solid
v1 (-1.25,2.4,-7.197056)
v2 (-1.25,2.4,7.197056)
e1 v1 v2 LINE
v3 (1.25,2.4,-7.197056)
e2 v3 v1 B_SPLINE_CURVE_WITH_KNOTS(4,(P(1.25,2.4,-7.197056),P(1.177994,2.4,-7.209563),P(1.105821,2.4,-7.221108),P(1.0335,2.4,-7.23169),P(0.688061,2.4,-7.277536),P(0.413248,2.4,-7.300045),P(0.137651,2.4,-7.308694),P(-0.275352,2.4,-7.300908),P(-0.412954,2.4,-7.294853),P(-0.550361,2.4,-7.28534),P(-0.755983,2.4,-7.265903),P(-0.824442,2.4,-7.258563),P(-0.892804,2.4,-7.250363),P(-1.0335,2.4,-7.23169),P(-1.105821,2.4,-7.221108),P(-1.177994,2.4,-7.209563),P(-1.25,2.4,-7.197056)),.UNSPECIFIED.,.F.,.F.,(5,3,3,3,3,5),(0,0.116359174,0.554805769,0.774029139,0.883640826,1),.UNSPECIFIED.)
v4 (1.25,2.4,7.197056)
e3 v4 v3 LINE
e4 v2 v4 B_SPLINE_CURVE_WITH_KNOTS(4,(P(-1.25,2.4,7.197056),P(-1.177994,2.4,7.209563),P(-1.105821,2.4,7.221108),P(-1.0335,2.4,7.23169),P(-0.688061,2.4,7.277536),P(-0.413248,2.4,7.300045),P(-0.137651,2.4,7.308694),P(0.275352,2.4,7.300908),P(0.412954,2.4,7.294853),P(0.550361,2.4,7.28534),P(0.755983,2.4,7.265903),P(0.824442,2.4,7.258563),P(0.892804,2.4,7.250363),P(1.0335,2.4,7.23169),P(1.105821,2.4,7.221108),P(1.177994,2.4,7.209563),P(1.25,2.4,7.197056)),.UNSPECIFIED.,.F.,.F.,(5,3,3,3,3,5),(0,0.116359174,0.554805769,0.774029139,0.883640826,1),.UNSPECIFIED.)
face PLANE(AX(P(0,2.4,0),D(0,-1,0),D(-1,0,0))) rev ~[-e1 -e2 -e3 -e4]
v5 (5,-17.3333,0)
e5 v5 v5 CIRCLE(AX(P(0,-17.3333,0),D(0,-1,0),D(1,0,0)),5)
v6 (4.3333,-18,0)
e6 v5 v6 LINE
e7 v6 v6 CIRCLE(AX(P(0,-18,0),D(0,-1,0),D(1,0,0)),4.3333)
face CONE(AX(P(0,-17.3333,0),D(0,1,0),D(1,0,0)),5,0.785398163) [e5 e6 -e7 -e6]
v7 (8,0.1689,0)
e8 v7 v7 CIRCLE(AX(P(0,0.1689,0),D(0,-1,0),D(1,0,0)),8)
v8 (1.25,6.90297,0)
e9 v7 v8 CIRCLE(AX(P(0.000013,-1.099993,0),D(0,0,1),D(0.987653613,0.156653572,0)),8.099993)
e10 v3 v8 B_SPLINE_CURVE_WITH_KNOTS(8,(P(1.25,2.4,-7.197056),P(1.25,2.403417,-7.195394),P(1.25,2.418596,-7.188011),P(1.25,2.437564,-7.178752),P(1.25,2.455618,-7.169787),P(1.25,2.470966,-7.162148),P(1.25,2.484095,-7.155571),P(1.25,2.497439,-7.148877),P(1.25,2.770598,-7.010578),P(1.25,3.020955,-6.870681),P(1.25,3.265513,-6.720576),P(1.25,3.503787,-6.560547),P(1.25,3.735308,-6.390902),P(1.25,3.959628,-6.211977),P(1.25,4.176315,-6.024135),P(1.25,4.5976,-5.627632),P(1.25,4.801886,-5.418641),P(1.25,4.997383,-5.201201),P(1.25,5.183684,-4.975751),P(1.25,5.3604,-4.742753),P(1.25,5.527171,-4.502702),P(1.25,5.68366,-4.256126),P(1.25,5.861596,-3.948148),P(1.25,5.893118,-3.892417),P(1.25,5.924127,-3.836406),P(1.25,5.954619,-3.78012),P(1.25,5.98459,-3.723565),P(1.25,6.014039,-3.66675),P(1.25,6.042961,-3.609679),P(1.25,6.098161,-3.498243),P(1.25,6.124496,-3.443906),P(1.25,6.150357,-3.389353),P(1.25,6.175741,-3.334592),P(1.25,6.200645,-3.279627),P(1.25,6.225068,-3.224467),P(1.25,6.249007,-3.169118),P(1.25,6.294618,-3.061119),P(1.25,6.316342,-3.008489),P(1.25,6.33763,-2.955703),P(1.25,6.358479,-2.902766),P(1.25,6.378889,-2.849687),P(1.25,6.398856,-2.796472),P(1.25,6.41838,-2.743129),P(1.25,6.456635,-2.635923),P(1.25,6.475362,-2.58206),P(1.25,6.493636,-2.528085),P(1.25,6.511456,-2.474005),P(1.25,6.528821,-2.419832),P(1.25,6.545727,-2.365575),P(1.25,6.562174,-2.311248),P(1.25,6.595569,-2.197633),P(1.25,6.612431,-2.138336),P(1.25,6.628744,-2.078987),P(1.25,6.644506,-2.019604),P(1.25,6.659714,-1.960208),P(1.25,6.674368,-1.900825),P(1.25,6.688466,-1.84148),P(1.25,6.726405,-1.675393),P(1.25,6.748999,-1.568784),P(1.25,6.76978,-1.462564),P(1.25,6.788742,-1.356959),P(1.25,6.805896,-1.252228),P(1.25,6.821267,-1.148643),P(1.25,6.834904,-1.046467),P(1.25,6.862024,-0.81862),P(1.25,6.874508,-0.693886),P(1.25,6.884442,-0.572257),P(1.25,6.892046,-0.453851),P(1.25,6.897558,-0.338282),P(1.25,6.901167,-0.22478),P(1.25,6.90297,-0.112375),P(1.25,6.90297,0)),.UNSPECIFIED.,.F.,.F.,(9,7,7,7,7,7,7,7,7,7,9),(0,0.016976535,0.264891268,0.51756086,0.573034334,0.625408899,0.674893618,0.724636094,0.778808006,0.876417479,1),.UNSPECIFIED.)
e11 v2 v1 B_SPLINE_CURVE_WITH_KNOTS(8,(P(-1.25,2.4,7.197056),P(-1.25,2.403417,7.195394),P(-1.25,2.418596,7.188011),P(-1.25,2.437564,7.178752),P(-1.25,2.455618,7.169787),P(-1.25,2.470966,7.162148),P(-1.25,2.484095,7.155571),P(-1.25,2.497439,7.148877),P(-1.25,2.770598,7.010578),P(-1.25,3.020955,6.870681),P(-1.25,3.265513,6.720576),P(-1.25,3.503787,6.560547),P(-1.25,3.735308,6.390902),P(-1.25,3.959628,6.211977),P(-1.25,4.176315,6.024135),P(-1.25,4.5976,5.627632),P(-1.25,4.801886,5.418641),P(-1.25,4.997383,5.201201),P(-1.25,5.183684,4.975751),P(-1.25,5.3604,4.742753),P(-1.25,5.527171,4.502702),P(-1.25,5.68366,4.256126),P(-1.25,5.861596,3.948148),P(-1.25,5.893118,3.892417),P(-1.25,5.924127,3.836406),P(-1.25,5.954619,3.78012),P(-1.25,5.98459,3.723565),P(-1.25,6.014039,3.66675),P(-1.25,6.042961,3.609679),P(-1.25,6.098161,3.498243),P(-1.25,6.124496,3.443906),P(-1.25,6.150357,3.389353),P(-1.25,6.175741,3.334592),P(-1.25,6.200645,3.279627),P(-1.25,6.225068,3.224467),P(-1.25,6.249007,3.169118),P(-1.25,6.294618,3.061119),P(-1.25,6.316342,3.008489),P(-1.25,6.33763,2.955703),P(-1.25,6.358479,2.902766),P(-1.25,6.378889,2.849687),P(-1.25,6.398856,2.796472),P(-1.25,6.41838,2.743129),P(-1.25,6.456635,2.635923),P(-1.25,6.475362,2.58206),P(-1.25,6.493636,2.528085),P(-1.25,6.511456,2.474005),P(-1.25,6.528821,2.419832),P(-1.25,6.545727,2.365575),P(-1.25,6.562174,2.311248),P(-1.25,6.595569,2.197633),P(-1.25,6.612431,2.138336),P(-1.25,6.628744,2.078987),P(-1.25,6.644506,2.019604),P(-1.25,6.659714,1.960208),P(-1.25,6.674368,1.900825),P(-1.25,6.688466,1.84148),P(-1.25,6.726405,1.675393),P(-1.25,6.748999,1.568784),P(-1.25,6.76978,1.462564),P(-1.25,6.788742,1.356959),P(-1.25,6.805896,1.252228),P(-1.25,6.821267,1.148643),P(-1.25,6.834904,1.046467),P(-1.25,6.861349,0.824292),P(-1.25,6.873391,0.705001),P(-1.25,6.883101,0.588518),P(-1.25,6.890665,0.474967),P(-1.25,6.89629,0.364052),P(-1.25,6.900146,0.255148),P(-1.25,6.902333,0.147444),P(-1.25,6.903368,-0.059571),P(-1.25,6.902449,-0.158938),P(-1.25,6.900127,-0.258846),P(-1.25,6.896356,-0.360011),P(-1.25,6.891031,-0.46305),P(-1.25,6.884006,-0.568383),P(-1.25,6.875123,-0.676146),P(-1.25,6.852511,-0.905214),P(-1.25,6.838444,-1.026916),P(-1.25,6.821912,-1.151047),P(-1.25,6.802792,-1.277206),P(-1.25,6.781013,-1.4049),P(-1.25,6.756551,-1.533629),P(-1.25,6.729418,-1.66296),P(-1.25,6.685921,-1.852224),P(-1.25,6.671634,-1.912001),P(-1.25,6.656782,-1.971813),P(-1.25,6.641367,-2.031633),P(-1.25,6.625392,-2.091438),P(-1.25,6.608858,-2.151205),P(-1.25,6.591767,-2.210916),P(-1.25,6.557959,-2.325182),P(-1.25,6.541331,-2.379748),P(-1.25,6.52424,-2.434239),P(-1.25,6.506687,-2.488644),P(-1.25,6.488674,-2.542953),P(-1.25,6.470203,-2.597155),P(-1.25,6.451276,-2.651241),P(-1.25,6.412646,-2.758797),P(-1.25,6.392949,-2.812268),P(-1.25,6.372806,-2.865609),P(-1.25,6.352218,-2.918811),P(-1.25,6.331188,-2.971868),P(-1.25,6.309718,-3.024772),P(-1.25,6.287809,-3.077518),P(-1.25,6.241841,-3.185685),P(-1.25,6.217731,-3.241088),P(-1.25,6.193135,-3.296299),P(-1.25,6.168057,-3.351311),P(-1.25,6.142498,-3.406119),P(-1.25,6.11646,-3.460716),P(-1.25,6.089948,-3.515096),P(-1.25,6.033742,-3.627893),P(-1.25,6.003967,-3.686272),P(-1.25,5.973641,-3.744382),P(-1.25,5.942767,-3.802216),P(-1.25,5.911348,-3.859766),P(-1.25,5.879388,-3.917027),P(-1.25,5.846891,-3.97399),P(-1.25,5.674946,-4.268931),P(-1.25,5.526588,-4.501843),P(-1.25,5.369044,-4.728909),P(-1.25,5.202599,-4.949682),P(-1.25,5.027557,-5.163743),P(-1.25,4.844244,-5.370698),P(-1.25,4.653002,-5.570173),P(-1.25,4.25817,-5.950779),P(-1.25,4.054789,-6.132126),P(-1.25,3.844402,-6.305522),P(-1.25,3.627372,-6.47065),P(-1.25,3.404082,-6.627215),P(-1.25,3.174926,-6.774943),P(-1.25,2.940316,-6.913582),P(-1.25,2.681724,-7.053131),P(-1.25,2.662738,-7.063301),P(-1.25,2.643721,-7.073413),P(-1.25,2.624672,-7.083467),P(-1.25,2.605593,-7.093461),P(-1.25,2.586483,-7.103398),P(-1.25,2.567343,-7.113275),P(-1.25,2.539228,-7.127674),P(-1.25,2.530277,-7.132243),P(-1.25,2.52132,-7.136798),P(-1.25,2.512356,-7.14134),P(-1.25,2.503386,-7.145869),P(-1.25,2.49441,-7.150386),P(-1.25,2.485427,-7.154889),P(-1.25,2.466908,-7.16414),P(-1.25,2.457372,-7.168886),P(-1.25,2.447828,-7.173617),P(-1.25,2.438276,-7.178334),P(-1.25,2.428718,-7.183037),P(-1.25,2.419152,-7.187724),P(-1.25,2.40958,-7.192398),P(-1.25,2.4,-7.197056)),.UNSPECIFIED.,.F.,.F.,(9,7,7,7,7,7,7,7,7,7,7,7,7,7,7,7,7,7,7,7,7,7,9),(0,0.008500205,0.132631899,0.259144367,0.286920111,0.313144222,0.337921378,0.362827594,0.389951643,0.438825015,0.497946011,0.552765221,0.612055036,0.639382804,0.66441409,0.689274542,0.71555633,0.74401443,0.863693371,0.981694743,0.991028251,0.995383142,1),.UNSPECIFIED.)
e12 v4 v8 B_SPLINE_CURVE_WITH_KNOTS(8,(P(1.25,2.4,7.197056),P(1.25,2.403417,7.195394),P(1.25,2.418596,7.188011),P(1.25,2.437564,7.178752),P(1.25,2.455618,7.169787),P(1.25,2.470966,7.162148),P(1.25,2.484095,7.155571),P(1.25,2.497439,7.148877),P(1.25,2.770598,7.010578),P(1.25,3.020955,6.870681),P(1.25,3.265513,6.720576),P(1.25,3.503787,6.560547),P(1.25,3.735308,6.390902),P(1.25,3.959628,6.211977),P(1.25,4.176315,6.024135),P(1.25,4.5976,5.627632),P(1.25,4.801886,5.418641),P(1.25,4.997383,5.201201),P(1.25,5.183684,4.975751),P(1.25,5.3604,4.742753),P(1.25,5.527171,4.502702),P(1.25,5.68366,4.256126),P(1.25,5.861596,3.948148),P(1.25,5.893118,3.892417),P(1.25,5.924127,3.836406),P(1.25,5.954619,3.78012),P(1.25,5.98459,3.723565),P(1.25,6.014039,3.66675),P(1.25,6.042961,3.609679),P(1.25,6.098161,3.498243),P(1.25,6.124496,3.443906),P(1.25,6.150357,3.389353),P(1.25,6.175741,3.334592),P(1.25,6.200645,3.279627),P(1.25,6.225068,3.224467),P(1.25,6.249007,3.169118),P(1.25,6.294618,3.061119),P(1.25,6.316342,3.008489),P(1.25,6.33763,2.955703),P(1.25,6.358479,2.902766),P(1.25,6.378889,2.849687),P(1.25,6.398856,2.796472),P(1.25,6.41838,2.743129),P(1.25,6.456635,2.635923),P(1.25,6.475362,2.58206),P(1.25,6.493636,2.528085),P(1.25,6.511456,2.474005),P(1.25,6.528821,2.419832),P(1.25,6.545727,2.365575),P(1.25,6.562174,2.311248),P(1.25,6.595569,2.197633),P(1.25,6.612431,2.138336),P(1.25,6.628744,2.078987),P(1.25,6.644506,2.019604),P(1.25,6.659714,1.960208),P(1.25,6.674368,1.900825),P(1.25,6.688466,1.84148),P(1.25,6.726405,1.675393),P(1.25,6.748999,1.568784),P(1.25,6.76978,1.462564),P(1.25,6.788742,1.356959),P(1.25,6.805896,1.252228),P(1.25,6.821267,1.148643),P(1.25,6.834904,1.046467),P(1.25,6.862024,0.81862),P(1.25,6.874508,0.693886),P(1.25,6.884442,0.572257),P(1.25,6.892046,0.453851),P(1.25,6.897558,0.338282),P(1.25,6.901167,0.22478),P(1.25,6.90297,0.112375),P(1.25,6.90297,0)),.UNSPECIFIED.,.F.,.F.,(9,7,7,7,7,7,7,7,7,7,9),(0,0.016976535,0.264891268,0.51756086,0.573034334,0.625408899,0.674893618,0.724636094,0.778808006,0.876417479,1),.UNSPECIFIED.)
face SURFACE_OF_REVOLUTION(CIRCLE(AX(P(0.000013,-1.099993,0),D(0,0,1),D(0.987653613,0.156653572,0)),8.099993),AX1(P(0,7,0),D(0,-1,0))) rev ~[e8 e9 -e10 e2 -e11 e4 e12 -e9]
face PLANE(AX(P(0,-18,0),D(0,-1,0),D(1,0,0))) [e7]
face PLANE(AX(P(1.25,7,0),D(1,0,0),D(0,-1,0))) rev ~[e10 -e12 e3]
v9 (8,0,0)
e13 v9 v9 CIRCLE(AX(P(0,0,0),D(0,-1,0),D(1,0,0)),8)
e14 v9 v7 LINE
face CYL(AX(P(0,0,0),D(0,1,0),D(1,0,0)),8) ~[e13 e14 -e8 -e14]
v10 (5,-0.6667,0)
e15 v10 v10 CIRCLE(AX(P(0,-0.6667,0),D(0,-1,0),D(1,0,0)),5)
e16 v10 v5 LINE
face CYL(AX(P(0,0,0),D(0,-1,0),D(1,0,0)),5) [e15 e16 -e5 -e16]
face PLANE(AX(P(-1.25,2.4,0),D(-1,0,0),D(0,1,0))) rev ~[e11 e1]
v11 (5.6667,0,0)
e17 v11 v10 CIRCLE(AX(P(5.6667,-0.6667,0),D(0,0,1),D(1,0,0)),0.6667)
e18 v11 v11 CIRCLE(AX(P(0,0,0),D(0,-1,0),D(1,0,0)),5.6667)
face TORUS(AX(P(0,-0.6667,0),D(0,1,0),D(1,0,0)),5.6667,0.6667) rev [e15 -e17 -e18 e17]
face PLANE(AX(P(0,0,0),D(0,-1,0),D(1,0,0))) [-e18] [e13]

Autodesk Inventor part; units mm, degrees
ref_plane "YZ Plane" through (0, 0, 0) normal (1, 0, 0) x (0, 1, 0)
ref_plane "XZ Plane" through (0, 0, 0) normal (0, 1, 0) x (-1, 0, 0)
ref_plane "XY Plane" through (0, 0, 0) normal (0, 0, 1) x (1, 0, 0)
sketch "Sketch1" plane through (0, 0, 0) normal (0, 0, 1) x (1, 0, 0)
  line L0 (0, 7) -> (0, -18)
  line L1 (0, 0) -> (8, 0) construction
  arc A0 (8, 0.1689) -> (0, 7) centre (0, -1.1) ccw
  line L2 (8, 0) -> (5, 0)
  line L3 (5, 0) -> (5, -18)
  line L4 (5, -18) -> (0, -18)
  line L5 (8, 0) -> (8, 0.1689)
  dimension "d1" = 7
  dimension "d2" = 8.1
  dimension "d3" = 10
  dimension "d4" = 18
  dimension "d25" = 16
revolve "Вращение1" add sketch "Sketch1" angle 360 about axis through (0, 7, 0) along (0, -1, 0)
sketch "Sketch2" plane through (0, 0, 0) normal (0, 0, 1) x (1, 0, 0)
  line L0 (-1.25, 7) -> (1.25, 7)
  line L1 (1.25, 7) -> (1.25, 2.4)
  line L2 (1.25, 2.4) -> (-1.25, 2.4)
  line L3 (-1.25, 2.4) -> (-1.25, 7)
  line L4 (0, 0) -> (0, 7)
  arc A0 (8, 0.1689) -> (-8, 0.1689) centre (0, -1.1) ccw construction
  dimension "d6" = 2.4
  dimension "d7" = 2.5
extrude "Выдавливание1" cut sketch "Sketch2" along normal through all both and the other way through all
thread "Резьба1" size "M10x1.5" class "6g" standard "ISO Metric profile" length 18
fillet "Сопряжение1" radius 0.6667 1 edges at (-5, 0, 0)
chamfer "Фаска1" distance 0.6667 angle 45 1 edges at (-5, -18, 0)
equation "\"d6\" = w"
equation "\"d7\" = n"
equation "\"d10\" = b"
equation "\"d12\" = c_"
equation "\"d13\" = c_"
equation "\"d1\" = k"
equation "\"d2\" = R1"
equation "\"d3\" = d_"
equation "\"d4\" = l_"
equation "\"d25\" = D"
equation "\"d_\" = 10"
equation "\"D\" = 16"
equation "\"k\" = 7"
equation "\"l_\" = 18"
equation "\"b\" = 18"
equation "\"n\" = 2.5"
equation "\"w\" = 2.4"
equation "\"c_\" = 0.0666667 * d_"
equation "\"R1\" = 8.1"
equation "\"G\" = 0"
properties part number "Винт A.M10-6gx18 ГОСТ 17473-80" material "Сталь, мягкая"
